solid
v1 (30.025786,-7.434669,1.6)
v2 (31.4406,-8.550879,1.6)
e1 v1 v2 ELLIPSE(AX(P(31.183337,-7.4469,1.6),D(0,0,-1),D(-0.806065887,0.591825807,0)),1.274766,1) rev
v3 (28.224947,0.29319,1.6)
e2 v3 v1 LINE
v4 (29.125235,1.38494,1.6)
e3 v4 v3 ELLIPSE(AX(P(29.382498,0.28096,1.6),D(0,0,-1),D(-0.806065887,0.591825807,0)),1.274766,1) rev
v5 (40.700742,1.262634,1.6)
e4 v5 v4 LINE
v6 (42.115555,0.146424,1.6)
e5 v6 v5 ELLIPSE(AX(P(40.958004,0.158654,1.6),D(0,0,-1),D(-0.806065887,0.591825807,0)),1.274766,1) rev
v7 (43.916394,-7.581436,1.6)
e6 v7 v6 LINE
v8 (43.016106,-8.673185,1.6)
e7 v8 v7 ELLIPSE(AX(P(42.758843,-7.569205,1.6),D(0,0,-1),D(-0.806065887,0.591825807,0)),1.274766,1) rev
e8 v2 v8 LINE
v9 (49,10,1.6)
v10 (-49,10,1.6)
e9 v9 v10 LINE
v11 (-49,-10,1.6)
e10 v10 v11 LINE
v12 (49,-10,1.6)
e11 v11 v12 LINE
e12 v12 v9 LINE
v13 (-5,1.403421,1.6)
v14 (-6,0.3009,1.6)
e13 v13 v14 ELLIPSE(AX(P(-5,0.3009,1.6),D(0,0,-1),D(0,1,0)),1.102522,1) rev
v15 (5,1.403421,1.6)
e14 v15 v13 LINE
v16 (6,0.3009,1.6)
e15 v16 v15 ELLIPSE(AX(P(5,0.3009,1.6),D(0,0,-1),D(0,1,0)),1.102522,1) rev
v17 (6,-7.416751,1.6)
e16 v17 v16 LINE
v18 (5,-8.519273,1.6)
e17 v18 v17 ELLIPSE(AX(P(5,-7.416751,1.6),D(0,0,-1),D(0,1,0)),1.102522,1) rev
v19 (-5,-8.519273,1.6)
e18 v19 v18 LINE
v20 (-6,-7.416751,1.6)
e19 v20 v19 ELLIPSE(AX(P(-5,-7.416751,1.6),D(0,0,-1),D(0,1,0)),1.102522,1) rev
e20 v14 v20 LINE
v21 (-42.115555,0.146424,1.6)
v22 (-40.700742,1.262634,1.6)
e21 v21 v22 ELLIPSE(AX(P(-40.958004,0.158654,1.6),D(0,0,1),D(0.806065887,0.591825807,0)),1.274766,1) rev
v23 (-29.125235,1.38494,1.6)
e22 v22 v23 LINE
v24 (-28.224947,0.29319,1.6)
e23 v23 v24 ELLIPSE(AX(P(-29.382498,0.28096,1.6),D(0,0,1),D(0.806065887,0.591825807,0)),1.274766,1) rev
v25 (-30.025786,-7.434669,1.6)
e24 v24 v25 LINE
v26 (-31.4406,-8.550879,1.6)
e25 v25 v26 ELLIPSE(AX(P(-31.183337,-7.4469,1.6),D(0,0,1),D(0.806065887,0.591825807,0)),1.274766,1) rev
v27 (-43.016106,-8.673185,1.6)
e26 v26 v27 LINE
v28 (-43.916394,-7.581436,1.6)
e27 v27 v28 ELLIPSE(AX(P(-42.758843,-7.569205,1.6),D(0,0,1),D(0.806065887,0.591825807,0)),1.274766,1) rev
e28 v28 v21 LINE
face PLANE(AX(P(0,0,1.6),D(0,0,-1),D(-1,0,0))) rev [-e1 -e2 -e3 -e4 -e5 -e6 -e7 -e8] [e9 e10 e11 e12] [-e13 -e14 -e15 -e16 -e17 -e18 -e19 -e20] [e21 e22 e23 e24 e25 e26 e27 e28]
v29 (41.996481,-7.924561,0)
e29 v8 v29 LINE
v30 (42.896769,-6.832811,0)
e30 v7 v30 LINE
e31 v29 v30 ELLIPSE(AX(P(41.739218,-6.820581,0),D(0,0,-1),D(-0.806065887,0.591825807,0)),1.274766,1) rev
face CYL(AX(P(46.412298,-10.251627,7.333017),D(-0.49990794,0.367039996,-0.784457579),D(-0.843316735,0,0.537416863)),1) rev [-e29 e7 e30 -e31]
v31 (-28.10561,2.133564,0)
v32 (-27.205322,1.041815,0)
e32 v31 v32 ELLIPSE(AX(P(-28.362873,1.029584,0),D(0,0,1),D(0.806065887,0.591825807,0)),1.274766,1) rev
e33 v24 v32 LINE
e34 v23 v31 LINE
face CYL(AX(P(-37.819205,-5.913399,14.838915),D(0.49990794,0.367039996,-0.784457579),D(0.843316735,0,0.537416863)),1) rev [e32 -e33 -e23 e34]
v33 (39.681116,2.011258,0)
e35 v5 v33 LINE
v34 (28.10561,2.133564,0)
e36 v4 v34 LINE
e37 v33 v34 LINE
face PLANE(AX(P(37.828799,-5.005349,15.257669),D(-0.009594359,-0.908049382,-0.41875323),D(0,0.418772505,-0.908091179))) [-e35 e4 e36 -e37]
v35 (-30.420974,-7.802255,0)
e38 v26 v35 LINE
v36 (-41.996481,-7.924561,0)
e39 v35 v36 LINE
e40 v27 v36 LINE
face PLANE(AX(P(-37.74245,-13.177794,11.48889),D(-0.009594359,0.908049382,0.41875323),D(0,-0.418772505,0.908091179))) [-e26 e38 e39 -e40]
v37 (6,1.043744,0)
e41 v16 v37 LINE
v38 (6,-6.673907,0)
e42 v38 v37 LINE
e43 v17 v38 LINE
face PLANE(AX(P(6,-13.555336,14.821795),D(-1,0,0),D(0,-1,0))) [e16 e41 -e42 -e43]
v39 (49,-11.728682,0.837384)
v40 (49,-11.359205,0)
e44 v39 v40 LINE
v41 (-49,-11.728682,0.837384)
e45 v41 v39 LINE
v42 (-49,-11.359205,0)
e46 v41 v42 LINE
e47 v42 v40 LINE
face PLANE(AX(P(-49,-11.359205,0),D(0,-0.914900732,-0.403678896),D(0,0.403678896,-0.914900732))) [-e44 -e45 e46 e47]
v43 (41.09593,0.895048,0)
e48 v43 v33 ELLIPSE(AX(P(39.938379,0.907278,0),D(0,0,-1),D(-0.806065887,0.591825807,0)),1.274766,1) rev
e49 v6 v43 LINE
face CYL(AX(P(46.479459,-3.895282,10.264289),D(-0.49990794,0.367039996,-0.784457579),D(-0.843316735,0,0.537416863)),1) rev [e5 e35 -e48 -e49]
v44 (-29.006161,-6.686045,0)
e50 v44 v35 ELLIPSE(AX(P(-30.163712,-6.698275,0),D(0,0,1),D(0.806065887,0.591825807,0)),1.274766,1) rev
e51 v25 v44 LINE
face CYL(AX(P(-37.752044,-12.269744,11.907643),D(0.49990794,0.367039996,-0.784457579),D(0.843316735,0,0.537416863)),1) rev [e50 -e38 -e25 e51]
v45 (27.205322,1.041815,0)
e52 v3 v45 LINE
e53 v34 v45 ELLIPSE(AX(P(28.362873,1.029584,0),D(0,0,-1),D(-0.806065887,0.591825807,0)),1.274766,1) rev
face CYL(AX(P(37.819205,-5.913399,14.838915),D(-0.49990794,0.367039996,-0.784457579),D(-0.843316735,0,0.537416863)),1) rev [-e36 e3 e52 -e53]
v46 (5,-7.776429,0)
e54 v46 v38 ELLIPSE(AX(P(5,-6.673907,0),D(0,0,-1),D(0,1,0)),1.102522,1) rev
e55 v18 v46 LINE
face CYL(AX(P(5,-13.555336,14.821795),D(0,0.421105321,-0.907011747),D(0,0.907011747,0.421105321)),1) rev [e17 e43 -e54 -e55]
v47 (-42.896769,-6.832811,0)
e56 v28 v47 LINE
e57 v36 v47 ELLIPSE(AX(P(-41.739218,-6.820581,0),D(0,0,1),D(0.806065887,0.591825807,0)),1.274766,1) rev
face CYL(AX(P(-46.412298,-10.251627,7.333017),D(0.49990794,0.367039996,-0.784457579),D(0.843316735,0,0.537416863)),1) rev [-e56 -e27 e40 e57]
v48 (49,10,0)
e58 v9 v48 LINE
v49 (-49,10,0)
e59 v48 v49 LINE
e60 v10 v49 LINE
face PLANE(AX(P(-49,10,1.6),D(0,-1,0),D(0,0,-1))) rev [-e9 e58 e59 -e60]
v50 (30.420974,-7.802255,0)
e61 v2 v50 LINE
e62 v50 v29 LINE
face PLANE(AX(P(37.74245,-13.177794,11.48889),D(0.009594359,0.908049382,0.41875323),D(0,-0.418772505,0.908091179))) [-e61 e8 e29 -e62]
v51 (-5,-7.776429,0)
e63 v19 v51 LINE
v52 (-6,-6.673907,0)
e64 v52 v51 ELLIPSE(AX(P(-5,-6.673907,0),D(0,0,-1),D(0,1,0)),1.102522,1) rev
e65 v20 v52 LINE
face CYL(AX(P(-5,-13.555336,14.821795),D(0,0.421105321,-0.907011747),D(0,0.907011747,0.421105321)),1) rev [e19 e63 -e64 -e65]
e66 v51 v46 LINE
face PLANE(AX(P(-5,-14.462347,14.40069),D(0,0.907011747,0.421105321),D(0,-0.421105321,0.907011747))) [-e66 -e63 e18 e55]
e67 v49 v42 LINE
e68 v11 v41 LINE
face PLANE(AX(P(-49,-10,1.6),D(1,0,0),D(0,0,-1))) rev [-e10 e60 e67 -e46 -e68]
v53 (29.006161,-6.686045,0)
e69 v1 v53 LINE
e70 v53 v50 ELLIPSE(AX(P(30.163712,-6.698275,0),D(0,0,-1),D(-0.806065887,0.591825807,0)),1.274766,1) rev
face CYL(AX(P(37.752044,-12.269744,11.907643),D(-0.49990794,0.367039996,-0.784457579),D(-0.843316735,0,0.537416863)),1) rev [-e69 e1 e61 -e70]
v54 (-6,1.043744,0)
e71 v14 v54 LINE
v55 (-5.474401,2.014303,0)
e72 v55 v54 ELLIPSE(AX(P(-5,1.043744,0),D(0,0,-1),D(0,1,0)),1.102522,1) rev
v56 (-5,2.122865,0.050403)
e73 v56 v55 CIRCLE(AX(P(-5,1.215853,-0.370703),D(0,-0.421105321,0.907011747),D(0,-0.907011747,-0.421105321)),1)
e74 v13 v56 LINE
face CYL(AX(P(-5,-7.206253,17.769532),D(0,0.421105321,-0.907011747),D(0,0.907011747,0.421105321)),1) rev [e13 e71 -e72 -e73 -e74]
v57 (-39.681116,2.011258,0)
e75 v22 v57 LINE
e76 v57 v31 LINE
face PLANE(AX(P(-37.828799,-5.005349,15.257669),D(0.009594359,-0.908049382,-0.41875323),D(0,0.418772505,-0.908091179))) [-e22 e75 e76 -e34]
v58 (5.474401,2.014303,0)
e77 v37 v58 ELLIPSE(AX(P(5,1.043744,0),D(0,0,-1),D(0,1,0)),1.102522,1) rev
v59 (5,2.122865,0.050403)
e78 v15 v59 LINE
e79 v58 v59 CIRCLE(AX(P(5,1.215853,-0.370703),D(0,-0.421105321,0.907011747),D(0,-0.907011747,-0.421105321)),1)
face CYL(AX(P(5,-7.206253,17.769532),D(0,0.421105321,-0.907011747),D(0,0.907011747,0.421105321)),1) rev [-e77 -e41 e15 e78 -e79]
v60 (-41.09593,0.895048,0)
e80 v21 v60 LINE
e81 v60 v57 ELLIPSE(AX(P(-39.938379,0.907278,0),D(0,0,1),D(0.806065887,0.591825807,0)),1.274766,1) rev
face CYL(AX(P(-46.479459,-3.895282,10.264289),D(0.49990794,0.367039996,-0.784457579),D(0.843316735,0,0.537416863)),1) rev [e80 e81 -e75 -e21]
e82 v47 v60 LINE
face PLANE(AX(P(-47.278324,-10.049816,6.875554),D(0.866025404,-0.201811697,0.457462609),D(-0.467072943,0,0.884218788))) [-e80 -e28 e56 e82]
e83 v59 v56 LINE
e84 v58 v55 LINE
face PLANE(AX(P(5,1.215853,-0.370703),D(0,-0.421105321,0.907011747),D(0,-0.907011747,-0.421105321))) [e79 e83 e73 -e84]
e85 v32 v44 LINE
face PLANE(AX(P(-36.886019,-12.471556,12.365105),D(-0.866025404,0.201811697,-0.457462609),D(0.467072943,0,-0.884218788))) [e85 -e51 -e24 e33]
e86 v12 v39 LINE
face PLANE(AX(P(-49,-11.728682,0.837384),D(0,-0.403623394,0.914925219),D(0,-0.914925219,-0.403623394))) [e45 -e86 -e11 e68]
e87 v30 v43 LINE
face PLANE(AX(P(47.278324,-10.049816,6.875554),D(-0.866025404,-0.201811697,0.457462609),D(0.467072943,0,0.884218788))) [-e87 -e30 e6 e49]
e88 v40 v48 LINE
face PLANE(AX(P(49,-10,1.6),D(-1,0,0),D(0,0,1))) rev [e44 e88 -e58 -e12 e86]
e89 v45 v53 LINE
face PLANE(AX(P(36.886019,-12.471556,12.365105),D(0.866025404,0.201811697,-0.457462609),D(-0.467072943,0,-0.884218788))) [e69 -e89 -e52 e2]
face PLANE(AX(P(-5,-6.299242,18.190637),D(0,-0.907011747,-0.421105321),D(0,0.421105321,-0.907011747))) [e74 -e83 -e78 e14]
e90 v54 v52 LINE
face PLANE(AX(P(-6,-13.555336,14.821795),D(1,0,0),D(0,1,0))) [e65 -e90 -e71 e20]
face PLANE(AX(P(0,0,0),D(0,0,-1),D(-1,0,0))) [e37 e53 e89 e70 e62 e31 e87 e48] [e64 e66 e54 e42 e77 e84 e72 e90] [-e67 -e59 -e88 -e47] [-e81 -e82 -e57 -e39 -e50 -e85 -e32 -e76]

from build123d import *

# Parameters (mm, degrees)
CROQUIS1_W              = 98
CROQUIS1_H              = 20
SALIENTE_EXTRUIR1_DEPTH = 1.6
SALIENTE_EXTRUIR2_DEPTH = 98
CORTAR_EXTRUIR1_START   = -8
CORTAR_EXTRUIR1_DEPTH   = 20
CORTAR_EXTRUIR2_REACH   = 91.04


with BuildPart() as part:
    # Croquis1 → Saliente-Extruir1 (new body)
    with BuildSketch(Plane.XY):
        Rectangle(CROQUIS1_W, CROQUIS1_H)
    extrude(amount=SALIENTE_EXTRUIR1_DEPTH)

    # Croquis2 → Saliente-Extruir2 (add)
    with BuildSketch(Plane(origin=(49, 0, 0), x_dir=(0, 0, -1), z_dir=(1, 0, 0))):
        Polygon((0, -11.359205127), (-0.837384271, -11.728681668), (-1.6, -10), (0, -10), align=None)
    extrude(amount=-SALIENTE_EXTRUIR2_DEPTH)

    # Croquis3 → Cortar-Extruir1 (cut)
    with BuildSketch(Plane(origin=(0, -10.293644781, -14.534478238), x_dir=(-1, 0, 0), z_dir=(0, 0.42110532053516664, -0.9070117469013147)).offset(CORTAR_EXTRUIR1_START)):
        with BuildLine():
            Line((6, 9.403690819), (6, 16.403690819))
            ThreePointArc((6, 16.403690819), (5.707106781, 17.1107976), (5, 17.403690819))
            Line((5, 17.403690819), (-5, 17.403690819))
            ThreePointArc((-5, 17.403690819), (-5.707106781, 17.1107976), (-6, 16.403690819))
            Line((-6, 16.403690819), (-6, 9.403690819))
            ThreePointArc((-6, 9.403690819), (-5.707106781, 8.696584037), (-5, 8.403690819))
            Line((-5, 8.403690819), (5, 8.403690819))
            ThreePointArc((5, 8.403690819), (5.707106781, 8.696584037), (6, 9.403690819))
        make_face()
    extrude(amount=-CORTAR_EXTRUIR1_DEPTH, mode=Mode.SUBTRACT)

    # Cortar-Extruir2: from a plane face, 91.04 long prism both ways, kept between that surface and its translate by the depth
    cortar_extruir2_start = Plane(origin=(0, 0, 1.6), z_dir=(0, 0, -1)) * Box(366.16, 366.16, 183.08, align=(Align.CENTER, Align.CENTER, Align.MIN), mode=Mode.PRIVATE)
    cortar_extruir2_end = Plane(origin=(-9.998158796, 7.340799912, -14.089151581), z_dir=(0, 0, -1)) * Box(366.16, 366.16, 183.08, align=(Align.CENTER, Align.CENTER, Align.MIN), mode=Mode.PRIVATE)
    # Croquis4 → Cortar-Extruir2 (cut, from a surface)
    with BuildSketch(Plane(origin=(15.242771226, -12.659892112, -9.623968273), x_dir=(-0.8660785482382583, -0.21185862229734287, 0.4527956188389888), z_dir=(-0.49990793980643183, 0.36703999560816625, -0.7844575790585788)), mode=Mode.PRIVATE) as cortar_extruir2_sk1:
        with BuildLine():
            Line((-8.828097078, 9.489452405), (-8.905642597, 16.48902287))
            ThreePointArc((-8.905642597, 16.48902287), (-9.206351123, 17.19284161), (-9.916659166, 17.477883576))
            Line((-9.916659166, 17.477883576), (-19.916045544, 17.367104263))
            ThreePointArc((-19.916045544, 17.367104263), (-20.619864285, 17.066395736), (-20.904906251, 16.356087694))
            Line((-20.904906251, 16.356087694), (-20.827360732, 9.356517229))
            ThreePointArc((-20.827360732, 9.356517229), (-20.526652205, 8.652698488), (-19.816344162, 8.367656522))
            Line((-19.816344162, 8.367656522), (-9.816957784, 8.478435835))
            ThreePointArc((-9.816957784, 8.478435835), (-9.113139043, 8.779144362), (-8.828097078, 9.489452405))
        make_face()
    cortar_extruir2_tool1 = extrude(cortar_extruir2_sk1.sketch, amount=CORTAR_EXTRUIR2_REACH, both=True, mode=Mode.PRIVATE)
    cortar_extruir2 = ((cortar_extruir2_tool1 & cortar_extruir2_start) - cortar_extruir2_end).solids().sort_by_distance((35.560858, -3.26981, 0.8))[0]
    add(cortar_extruir2, mode=Mode.SUBTRACT)

    # Simetría1: Cortar-Extruir2 across plane
    add(cortar_extruir2.mirror(Plane(origin=(0, 0, 0), x_dir=(0, 0, 1), z_dir=(1, 0, 0))), mode=Mode.SUBTRACT)


solid = part.part
